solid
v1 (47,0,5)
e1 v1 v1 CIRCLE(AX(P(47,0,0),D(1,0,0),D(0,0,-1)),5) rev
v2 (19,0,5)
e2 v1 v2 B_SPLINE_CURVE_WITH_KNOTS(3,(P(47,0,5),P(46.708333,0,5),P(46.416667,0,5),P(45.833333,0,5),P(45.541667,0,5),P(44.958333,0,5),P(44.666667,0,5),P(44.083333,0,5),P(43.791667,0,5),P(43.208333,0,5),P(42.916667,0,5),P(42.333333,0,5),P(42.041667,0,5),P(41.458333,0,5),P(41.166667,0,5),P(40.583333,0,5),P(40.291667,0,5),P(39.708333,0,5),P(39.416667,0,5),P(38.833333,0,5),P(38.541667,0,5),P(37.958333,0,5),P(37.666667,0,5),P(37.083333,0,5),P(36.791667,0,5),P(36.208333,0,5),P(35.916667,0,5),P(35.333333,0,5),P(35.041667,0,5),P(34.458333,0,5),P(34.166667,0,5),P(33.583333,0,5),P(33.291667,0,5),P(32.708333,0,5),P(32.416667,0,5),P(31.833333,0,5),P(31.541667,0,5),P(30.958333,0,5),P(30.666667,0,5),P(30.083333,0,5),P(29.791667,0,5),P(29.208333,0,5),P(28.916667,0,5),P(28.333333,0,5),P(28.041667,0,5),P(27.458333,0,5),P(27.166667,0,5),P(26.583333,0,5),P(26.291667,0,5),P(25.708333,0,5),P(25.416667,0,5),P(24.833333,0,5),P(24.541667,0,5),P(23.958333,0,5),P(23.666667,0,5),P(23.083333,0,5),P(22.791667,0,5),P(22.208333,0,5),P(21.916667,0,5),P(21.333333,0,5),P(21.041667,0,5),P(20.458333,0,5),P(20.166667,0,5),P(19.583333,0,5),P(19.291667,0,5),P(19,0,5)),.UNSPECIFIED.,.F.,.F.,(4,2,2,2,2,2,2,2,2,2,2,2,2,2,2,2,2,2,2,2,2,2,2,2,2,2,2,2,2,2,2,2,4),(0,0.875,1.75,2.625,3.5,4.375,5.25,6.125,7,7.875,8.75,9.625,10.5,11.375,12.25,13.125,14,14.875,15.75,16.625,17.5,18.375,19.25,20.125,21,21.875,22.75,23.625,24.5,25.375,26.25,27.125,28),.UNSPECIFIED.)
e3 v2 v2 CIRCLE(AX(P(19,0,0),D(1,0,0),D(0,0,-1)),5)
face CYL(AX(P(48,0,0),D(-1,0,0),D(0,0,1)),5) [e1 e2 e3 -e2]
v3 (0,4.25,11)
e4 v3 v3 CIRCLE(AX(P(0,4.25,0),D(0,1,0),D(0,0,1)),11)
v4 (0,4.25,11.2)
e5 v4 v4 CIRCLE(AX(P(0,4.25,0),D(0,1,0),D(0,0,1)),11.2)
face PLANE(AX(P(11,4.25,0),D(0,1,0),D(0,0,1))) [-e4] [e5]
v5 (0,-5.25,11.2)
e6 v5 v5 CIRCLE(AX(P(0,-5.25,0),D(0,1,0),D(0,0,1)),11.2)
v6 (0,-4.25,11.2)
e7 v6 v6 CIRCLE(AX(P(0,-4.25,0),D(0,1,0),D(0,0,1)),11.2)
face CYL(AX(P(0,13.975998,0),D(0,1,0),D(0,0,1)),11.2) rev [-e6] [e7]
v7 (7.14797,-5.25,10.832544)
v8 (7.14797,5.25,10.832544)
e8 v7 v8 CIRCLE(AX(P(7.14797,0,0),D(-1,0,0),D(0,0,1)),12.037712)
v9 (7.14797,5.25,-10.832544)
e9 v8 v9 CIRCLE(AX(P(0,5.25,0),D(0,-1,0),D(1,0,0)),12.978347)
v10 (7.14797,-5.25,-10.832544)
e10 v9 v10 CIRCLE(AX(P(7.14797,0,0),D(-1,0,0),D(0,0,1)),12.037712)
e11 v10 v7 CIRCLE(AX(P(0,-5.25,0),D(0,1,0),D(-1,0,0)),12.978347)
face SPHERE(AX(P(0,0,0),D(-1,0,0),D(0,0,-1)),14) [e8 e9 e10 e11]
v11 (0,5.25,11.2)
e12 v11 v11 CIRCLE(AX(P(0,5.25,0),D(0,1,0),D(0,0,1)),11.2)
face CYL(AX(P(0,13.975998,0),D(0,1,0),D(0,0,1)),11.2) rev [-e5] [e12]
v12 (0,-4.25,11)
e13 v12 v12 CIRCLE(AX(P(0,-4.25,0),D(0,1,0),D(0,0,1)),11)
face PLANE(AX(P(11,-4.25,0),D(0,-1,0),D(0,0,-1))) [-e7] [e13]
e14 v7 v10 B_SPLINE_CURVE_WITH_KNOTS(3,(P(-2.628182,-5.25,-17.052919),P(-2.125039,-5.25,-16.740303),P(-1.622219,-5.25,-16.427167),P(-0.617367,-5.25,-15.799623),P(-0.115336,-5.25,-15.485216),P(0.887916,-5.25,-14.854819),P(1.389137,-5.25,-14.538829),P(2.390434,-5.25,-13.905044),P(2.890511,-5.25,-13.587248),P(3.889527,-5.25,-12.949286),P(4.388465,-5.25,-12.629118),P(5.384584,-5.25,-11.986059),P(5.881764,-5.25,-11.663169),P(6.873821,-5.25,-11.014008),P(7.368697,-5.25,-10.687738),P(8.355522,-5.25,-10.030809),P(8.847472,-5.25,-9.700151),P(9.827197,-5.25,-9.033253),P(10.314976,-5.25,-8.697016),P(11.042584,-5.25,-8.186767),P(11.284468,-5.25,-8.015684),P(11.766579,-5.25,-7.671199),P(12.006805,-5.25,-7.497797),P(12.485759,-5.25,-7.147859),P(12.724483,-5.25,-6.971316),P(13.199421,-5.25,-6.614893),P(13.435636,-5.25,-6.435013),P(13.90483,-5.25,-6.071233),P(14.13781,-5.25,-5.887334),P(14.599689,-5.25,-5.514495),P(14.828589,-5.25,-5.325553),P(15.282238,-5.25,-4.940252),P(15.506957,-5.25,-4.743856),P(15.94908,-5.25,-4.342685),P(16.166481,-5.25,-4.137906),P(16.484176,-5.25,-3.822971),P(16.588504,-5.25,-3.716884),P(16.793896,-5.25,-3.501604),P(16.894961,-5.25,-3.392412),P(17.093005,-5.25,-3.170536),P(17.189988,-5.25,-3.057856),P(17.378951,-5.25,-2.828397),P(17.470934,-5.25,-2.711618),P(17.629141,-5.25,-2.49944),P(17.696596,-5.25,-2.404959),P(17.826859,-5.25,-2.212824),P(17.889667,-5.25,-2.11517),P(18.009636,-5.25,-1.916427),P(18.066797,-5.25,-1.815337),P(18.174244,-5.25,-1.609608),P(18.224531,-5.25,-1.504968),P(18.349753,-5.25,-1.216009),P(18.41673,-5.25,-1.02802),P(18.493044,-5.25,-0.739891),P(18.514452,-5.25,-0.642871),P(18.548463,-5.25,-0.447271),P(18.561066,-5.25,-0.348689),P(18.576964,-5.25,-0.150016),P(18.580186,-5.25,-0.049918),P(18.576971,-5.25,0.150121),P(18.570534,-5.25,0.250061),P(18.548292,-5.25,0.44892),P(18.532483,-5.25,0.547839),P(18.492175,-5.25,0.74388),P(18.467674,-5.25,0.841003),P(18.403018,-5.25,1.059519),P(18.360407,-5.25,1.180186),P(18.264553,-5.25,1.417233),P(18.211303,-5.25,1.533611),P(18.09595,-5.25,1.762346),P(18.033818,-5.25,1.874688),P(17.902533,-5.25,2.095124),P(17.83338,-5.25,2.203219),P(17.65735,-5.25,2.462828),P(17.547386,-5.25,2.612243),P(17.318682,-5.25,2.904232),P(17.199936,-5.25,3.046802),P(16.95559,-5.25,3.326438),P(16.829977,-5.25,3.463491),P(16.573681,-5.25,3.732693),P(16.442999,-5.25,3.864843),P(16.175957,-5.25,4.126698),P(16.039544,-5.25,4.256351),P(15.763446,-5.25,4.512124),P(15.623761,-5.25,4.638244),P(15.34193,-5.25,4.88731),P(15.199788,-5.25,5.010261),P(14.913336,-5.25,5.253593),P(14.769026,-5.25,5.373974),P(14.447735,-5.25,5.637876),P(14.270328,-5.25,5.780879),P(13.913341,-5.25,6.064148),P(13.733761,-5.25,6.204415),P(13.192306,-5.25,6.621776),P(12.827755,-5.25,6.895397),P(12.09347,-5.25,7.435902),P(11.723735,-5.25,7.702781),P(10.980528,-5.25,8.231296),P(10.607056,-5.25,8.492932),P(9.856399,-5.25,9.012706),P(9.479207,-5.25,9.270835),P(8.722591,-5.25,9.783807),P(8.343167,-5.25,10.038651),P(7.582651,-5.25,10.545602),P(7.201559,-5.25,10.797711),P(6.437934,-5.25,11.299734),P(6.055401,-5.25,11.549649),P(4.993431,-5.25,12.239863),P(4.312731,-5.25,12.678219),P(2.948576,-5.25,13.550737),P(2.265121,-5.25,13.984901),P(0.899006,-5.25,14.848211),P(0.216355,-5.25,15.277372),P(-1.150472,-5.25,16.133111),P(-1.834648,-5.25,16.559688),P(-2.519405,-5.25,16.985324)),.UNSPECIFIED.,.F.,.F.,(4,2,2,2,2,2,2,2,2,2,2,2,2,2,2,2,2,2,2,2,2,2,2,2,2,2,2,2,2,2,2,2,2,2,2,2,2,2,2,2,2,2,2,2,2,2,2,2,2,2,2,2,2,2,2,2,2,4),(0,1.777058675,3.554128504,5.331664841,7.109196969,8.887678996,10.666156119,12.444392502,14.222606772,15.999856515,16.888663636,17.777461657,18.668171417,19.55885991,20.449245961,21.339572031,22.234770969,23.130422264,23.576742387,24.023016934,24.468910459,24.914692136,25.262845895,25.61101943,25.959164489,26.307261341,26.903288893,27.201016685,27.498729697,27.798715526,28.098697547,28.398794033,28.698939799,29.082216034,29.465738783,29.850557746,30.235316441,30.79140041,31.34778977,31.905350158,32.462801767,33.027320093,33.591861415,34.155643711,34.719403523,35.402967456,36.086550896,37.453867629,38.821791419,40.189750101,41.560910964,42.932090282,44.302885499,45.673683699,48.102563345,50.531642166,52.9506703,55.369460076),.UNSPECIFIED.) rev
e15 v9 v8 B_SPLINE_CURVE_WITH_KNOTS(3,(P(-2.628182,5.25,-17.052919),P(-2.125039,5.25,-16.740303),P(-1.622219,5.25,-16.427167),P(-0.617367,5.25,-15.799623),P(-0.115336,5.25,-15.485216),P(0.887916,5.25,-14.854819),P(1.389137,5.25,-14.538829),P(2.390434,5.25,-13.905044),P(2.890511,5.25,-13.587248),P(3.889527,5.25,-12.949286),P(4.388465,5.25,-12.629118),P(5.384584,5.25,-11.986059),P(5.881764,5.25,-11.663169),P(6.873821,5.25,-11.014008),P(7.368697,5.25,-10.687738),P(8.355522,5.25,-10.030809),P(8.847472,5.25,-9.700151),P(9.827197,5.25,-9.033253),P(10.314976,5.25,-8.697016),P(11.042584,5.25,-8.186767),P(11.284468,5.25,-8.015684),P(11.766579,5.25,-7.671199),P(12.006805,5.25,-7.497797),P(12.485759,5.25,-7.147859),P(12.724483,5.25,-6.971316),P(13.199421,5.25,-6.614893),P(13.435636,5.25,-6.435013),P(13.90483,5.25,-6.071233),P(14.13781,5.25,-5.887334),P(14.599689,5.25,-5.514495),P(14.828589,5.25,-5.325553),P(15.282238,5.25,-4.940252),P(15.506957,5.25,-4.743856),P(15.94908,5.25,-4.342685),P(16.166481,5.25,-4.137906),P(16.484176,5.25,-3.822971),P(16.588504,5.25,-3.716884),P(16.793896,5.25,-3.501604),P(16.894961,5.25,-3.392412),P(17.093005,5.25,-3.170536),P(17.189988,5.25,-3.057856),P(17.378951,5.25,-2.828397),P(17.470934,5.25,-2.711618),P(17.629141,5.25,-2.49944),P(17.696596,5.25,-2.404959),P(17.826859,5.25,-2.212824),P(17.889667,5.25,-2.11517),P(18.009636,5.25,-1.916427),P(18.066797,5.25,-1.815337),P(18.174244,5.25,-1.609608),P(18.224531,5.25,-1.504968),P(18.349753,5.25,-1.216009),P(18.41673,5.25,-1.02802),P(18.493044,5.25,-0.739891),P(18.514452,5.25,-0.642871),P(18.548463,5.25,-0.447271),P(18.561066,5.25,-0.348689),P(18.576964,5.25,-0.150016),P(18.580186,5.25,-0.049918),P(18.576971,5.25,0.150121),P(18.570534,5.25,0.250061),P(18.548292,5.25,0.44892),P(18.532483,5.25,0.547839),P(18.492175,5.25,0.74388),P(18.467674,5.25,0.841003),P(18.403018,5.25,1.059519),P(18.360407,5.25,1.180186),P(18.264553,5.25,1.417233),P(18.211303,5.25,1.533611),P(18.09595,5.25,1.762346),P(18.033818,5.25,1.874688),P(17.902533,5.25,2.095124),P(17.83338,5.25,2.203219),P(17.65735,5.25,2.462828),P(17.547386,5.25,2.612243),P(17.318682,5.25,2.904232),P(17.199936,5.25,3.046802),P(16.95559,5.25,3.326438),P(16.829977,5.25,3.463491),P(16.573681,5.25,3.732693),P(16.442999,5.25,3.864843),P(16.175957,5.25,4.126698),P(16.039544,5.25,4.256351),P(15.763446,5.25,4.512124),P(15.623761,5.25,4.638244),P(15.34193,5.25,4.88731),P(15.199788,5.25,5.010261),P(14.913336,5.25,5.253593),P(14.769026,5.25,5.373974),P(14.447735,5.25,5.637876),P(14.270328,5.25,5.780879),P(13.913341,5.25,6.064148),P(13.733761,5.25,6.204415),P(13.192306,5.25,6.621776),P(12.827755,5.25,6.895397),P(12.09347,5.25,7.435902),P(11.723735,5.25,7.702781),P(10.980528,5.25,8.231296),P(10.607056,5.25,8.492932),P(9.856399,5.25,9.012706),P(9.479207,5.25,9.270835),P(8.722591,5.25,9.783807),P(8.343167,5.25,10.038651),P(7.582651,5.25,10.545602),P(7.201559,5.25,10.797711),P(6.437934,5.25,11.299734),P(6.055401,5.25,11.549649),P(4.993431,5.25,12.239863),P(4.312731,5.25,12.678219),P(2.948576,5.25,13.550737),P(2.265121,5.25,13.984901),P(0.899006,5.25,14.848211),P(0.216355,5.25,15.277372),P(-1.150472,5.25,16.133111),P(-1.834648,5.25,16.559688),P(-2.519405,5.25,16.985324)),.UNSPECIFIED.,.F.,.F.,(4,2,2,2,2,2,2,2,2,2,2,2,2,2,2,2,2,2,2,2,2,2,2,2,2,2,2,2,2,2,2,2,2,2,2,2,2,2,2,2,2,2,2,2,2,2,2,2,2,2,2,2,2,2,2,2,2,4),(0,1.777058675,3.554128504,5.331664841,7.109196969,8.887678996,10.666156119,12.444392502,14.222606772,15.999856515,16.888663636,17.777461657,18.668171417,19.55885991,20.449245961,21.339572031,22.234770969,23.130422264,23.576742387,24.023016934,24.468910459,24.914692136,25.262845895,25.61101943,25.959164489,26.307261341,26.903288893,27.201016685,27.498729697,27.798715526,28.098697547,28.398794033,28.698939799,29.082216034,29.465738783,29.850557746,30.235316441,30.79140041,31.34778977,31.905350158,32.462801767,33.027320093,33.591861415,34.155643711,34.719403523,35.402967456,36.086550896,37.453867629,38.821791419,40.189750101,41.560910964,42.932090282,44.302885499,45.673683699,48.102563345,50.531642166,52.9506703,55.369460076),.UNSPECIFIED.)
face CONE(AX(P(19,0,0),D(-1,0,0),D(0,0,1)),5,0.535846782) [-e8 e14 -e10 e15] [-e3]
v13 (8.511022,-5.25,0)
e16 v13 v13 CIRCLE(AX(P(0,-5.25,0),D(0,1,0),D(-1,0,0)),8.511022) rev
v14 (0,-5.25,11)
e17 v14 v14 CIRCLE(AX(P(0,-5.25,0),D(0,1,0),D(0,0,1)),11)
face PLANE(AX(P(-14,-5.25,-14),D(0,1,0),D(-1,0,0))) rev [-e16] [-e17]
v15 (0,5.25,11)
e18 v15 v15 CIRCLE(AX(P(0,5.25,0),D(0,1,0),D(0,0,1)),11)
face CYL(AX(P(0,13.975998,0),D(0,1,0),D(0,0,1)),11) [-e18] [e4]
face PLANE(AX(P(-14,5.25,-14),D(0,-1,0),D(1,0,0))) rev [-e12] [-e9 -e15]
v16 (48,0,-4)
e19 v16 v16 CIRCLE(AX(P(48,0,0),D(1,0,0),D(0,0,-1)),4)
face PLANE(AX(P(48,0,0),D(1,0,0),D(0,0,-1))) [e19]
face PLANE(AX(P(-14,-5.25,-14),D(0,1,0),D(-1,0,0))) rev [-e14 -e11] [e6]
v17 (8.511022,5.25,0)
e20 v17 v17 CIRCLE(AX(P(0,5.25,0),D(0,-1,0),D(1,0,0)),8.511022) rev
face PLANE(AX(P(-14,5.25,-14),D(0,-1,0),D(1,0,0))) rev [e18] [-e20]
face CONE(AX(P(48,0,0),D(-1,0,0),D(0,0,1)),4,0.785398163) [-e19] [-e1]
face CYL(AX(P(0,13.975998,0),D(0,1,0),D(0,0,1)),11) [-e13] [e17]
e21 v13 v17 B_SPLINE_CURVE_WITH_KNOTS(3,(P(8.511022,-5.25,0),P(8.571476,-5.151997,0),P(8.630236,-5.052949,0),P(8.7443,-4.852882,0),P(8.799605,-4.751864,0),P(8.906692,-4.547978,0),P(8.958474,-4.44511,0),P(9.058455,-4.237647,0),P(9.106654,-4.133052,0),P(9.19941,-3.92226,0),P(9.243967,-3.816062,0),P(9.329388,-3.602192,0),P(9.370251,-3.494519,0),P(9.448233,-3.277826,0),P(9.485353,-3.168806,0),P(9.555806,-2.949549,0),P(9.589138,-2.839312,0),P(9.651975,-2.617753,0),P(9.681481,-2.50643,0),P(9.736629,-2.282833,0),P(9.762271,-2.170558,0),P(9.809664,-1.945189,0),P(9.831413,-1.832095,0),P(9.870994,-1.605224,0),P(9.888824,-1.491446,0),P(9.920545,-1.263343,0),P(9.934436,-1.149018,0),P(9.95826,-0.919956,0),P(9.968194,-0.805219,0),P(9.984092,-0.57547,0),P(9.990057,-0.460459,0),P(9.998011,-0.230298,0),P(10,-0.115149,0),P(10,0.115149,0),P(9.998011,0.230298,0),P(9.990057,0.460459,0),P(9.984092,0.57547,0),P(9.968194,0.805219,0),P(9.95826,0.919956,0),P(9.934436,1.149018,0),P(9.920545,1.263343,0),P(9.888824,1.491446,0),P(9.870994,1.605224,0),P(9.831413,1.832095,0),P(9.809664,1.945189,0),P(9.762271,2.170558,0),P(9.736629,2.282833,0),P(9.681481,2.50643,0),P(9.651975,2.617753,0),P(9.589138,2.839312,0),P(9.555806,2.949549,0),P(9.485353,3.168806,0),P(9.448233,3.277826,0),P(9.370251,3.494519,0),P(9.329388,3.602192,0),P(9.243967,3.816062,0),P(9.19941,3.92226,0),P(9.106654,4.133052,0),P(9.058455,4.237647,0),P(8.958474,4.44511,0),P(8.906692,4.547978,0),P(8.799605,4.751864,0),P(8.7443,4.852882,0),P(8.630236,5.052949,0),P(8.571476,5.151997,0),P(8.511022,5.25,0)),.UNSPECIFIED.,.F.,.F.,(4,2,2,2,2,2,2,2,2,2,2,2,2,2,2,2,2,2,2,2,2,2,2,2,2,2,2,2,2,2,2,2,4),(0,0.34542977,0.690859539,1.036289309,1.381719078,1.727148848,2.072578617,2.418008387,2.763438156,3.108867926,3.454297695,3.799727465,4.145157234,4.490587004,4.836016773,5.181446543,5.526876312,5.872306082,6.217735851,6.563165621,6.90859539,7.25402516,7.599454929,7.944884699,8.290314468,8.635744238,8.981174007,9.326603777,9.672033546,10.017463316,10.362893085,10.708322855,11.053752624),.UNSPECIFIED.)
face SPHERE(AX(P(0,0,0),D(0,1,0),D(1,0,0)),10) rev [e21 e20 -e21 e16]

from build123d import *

# Parameters (mm, degrees)
CUT_EXTRUDE1_DEPTH      = 28.440845468
CUT_EXTRUDE1_DEPTH_BACK = 28.440845468
SKETCH3_W               = 33
SKETCH3_H               = 8.75
SKETCH4_W               = 0.2
SKETCH4_H               = 1
SKETCH5_R               = 5
BOSS_EXTRUDE1_DEPTH     = 29
CHAMFER1_SIZE           = 1


with BuildPart() as part:
    # Sketch2 → Revolve2 (revolve)
    with BuildSketch(Plane(origin=(0, 0, 0), x_dir=(1, 0, 0), z_dir=(0, 1, 0))):
        with BuildLine():
            Line((7.147970434, 12.037712352), (19, 5))
            Line((19, 5), (19, 0))
            Line((19, 0), (-14, 0))
            ThreePointArc((-14, 0), (-6.925619609, 12.166996056), (7.147970434, 12.037712352))
        make_face()
    revolve(axis=Axis((-39.456415939, 0, 0), (1, 0, 0)))

    # Sketch3 → Cut-Extrude1 (cut, two sides: drawn at the far end of the back side and taken through both)
    with BuildSketch(Plane.XY.offset(-CUT_EXTRUDE1_DEPTH_BACK)):
        with Locations((2.5, 9.625)):
            Rectangle(SKETCH3_W, SKETCH3_H)
        with Locations((2.5, -9.625)):
            Rectangle(SKETCH3_W, SKETCH3_H)
    extrude(amount=CUT_EXTRUDE1_DEPTH + CUT_EXTRUDE1_DEPTH_BACK, mode=Mode.SUBTRACT)

    # Sketch4 → Cut-Revolve1 (revolve, cut)
    with BuildSketch(Plane.XY, mode=Mode.PRIVATE) as cut_revolve1_sk:
        with BuildLine():
            Line((0, 10), (0, -10))
            ThreePointArc((0, -10), (10, 0), (0, 10))
        make_face()
        with Locations((11.1, 4.75)):
            Rectangle(SKETCH4_W, SKETCH4_H)
        with Locations((11.1, -4.75)):
            Rectangle(SKETCH4_W, SKETCH4_H)
    revolve(cut_revolve1_sk.sketch.rotate(Axis((0, 13.975998128, 0), (0, -1, 0)), 90), axis=Axis((0, 13.975998128, 0), (0, -1, 0)), mode=Mode.SUBTRACT)

    # Sketch5 → Boss-Extrude1 (add)
    with BuildSketch(Plane(origin=(19, 0, 0), x_dir=(0, 0, -1), z_dir=(1, 0, 0))):
        with Locations(Location((0, 0, 0), (0, 0, 180))):
            Circle(SKETCH5_R)
    extrude(amount=BOSS_EXTRUDE1_DEPTH)

    # Chamfer1
    chamfer1_edges = [part.edges().sort_by_distance(p)[0] for p in [
        (48, 0, -5),
    ]]
    chamfer(chamfer1_edges, length=CHAMFER1_SIZE)


solid = part.part
